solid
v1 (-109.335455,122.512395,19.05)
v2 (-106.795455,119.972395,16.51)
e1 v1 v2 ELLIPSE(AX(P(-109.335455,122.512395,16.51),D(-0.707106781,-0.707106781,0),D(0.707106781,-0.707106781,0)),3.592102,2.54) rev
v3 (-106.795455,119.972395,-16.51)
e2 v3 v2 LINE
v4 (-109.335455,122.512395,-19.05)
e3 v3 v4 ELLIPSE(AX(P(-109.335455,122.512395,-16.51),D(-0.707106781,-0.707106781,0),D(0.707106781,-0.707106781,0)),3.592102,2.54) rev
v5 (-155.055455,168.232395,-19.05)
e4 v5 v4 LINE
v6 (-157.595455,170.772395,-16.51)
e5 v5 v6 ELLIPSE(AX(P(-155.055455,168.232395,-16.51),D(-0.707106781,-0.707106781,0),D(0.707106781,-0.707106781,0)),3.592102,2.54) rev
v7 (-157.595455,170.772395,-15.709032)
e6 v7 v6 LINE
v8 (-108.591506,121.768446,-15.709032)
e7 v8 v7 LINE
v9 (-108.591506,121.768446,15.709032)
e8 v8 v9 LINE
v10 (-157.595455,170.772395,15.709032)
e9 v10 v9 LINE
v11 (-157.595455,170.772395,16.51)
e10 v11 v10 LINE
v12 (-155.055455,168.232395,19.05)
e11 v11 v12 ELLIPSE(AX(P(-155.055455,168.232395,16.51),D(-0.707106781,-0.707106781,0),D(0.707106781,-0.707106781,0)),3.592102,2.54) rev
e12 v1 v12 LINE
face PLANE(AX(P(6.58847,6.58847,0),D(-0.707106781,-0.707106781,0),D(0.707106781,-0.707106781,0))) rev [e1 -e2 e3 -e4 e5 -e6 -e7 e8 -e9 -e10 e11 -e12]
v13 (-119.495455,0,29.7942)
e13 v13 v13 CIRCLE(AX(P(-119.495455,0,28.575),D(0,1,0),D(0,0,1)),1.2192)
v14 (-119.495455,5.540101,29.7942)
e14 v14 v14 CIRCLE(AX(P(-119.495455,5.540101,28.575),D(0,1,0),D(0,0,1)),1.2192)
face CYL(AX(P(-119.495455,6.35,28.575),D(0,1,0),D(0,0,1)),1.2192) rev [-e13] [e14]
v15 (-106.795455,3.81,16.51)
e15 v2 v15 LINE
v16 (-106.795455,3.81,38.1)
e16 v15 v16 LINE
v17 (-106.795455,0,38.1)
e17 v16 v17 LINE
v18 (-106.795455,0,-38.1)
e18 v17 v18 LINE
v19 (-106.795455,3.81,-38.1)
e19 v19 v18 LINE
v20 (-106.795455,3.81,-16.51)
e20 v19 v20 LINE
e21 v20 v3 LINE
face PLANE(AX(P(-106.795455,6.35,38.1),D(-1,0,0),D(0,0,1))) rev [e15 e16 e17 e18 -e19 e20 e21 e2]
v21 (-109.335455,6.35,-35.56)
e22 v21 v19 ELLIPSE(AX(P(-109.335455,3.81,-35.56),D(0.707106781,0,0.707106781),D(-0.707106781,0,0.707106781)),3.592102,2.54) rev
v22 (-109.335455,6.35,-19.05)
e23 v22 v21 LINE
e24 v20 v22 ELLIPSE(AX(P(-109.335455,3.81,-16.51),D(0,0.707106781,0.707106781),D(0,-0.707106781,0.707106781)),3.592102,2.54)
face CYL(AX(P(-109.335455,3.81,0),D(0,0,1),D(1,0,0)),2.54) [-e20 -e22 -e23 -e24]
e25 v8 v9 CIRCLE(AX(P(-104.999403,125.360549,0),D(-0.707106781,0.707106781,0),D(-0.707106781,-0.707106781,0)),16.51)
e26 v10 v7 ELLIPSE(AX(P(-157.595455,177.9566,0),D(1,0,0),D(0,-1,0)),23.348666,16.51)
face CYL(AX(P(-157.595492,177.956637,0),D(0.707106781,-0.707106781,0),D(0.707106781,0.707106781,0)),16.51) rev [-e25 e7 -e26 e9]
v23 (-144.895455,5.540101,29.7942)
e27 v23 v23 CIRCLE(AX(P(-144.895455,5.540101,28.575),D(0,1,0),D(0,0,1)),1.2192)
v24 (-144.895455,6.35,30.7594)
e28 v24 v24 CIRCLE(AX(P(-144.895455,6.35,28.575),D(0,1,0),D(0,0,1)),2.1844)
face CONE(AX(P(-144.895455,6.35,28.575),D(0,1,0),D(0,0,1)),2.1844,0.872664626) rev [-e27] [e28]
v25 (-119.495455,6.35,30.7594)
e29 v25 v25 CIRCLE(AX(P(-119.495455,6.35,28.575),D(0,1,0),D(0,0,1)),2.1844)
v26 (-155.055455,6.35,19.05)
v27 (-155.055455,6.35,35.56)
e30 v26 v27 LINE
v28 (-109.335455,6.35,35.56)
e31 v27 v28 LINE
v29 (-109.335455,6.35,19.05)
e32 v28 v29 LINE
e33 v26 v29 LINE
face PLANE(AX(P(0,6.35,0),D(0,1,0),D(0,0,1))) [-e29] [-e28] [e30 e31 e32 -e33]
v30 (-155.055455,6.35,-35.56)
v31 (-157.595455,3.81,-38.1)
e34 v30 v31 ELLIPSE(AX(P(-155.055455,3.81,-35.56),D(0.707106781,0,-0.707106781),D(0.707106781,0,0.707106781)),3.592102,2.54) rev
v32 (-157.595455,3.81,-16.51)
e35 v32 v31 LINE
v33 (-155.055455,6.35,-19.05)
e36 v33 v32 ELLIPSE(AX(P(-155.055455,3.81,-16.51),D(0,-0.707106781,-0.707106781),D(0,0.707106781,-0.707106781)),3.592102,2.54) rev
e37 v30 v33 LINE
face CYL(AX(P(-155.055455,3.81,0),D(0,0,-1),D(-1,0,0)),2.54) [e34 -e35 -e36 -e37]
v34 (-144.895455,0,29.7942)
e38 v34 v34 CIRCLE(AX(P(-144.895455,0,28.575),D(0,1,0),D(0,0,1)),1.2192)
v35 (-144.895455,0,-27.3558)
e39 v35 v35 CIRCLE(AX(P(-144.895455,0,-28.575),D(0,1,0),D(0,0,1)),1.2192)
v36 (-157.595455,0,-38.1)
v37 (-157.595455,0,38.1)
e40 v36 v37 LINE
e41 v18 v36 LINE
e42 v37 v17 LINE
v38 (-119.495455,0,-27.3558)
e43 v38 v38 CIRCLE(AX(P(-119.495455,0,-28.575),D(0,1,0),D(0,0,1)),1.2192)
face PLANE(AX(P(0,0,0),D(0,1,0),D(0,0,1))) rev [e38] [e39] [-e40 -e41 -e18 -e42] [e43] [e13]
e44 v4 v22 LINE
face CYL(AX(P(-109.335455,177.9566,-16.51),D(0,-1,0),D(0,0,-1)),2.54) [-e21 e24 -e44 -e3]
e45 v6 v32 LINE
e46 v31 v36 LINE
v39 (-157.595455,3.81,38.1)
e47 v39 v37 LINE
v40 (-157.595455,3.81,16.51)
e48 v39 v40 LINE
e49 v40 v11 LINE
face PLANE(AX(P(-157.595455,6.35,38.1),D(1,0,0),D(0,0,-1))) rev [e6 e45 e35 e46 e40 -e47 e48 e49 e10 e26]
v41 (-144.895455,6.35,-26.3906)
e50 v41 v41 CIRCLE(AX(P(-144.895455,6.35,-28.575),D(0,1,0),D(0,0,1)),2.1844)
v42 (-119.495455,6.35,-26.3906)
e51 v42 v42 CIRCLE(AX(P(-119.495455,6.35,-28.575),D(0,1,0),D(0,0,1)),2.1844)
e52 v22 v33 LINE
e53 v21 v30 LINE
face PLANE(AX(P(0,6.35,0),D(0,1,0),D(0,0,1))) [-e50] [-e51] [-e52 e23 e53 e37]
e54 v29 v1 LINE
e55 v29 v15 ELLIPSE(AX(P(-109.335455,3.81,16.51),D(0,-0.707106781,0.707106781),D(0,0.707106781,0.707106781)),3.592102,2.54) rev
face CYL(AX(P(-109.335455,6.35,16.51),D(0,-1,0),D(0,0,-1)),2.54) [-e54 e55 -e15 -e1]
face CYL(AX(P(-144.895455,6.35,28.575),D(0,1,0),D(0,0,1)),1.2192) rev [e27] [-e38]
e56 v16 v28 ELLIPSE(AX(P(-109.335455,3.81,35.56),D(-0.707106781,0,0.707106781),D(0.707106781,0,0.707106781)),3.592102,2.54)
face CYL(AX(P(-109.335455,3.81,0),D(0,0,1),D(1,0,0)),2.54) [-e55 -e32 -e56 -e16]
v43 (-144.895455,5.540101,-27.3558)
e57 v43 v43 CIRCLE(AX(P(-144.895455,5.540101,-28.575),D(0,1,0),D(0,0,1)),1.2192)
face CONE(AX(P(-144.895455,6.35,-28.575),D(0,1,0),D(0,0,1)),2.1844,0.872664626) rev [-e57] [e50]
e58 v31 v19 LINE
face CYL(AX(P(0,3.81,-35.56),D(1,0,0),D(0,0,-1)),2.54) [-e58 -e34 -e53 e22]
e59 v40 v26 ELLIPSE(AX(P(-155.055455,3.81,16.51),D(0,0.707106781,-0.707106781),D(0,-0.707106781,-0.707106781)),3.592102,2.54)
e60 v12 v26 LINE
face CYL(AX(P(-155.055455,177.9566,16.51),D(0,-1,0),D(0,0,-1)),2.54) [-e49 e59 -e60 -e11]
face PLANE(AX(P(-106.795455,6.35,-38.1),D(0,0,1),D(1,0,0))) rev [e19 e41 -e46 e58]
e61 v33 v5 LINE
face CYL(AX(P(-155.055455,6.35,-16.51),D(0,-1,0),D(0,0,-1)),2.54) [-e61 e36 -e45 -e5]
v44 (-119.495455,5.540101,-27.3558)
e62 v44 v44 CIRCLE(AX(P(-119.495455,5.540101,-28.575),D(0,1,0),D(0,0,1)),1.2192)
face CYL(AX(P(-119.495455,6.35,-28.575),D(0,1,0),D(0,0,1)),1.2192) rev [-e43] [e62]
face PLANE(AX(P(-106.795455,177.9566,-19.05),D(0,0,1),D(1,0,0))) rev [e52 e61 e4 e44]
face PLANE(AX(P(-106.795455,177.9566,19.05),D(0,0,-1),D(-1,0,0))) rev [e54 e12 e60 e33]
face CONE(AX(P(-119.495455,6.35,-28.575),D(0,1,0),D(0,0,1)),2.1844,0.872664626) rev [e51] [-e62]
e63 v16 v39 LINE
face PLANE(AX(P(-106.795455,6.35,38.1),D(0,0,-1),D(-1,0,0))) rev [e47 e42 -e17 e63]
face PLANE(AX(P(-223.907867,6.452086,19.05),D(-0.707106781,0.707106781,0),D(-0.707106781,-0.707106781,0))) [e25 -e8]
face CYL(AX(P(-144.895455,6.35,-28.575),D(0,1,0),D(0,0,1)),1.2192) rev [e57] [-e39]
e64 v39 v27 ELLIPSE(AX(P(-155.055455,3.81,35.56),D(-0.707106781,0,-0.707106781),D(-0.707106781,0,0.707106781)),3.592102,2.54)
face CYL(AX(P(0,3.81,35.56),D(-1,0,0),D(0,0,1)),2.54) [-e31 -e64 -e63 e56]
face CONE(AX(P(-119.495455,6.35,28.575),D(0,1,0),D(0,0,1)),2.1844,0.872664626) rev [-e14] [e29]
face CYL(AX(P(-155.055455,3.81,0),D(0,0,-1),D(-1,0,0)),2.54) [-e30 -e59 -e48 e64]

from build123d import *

# Parameters (mm, degrees)
SKETCH1_W                                         = 50.8
SKETCH1_H                                         = 76.2
BOSS_EXTRUDE1_DEPTH                               = 6.35
SKETCH2_W                                         = 50.8
SKETCH2_H                                         = 38.1
BOSS_EXTRUDE2_DEPTH                               = 171.6066
CUT_EXTRUDE1_DEPTH                                = 183.535025619
CUT_EXTRUDE1_DEPTH_BACK                           = 183.535025619
BOSS_EXTRUDE3_REACH                               = 237.296
SKETCH20_W                                        = 38.1
SKETCH20_H                                        = 2.54
BOSS_EXTRUDE4_REACH                               = 129.523
CSK_FOR_2_FLAT_HEAD_MACHINE_SCREW_100_D           = 2.4384
CSK_FOR_2_FLAT_HEAD_MACHINE_SCREW_100_CSINK_D     = 4.3688
CSK_FOR_2_FLAT_HEAD_MACHINE_SCREW_100_CSINK_ANGLE = 100
FILLET1_R                                         = 2.54
FILLET2_R                                         = 2.54


with BuildPart() as part:
    # Sketch1 → Boss-Extrude1 (new body)
    with BuildSketch(Plane(origin=(0, 0, 0), x_dir=(1, 0, 0), z_dir=(0, 1, 0))):
        with Locations((-132.195454545, 0)):
            Rectangle(SKETCH1_W, SKETCH1_H)
    extrude(amount=BOSS_EXTRUDE1_DEPTH)

    # Sketch2 → Boss-Extrude2 (add)
    with BuildSketch(Plane(origin=(0, 6.35, 0), x_dir=(1, 0, 0), z_dir=(0, 1, 0))):
        with Locations((-132.195454545, 0)):
            Rectangle(SKETCH2_W, SKETCH2_H)
    extrude(amount=BOSS_EXTRUDE2_DEPTH)

    # Sketch19 → Cut-Extrude1 (cut, two sides: drawn at the far end of the back side and taken through both)
    with BuildSketch(Plane(origin=(-167.776027273, 167.776027273, 0), x_dir=(-0.7071067811865488, -0.7071067811865462, 0), z_dir=(0.7071067811865462, -0.7071067811865488, 0)).offset(-CUT_EXTRUDE1_DEPTH_BACK)):
        with BuildLine():
            Line((-14.397504024, 16.51), (-14.397504024, -16.51))
            ThreePointArc((-14.397504024, -16.51), (2.112495976, 0), (-14.397504024, 16.51))
        make_face()
    extrude(amount=CUT_EXTRUDE1_DEPTH + CUT_EXTRUDE1_DEPTH_BACK, mode=Mode.SUBTRACT)

    # SurfaceCut1
    split(bisect_by=Plane(origin=(6.588470279, 6.588470279, 0), x_dir=(0, 0, 1), z_dir=(-0.7071067811865488, -0.7071067811865464, 0)), keep=Keep.TOP)

    # Sketch20 → Boss-Extrude3 (add, up to next)
    with BuildSketch(Plane(origin=(6.588470279, 6.588470279, 0), x_dir=(0, 0, -1), z_dir=(0.7071067811865487, 0.7071067811865465, 0)), mode=Mode.PRIVATE) as boss_extrude3_sk1:
        with Locations((0, 161.619084242)):
            Rectangle(SKETCH20_W, SKETCH20_H)
    boss_extrude3_tool1 = extrude(boss_extrude3_sk1.sketch, amount=-BOSS_EXTRUDE3_REACH, mode=Mode.PRIVATE) - part.part
    add(boss_extrude3_tool1.solids().sort_by_distance((-107.69348, 120.870421, 0))[0])

    # Boss-Extrude4: up to this face of the body (flat: up to its plane)
    boss_extrude4_end = Plane(part.part.faces().sort_by_distance((-106.795454545, 52.426789341, 0))[0])
    # Sketch22 → Boss-Extrude4 (add, up to the picked face)
    with BuildSketch(Plane(origin=(-113.383924824, 113.383924824, 0), x_dir=(0, 0, -1), z_dir=(0.7071067811865465, -0.7071067811865486, 0)), mode=Mode.PRIVATE) as boss_extrude4_sk1:
        with BuildLine():
            Line((-15.709032434, 9.317504024), (15.709032434, 9.317504024))
            ThreePointArc((15.709032434, 9.317504024), (0, -6.39152841), (-15.709032434, 9.317504024))
        make_face()
    boss_extrude4_tool1 = split(extrude(boss_extrude4_sk1.sketch, amount=BOSS_EXTRUDE4_REACH, mode=Mode.PRIVATE), bisect_by=boss_extrude4_end, keep=Keep.BOTH, mode=Mode.PRIVATE)
    add(boss_extrude4_tool1.solids().sort_by(Axis((-111.509821, 115.258029, 0), (0.7071067811865465, -0.7071067811865486, 0)))[0])

    # CSK for #2 Flat Head Machine Screw (100)1 (through all)
    with Locations(Plane(origin=(0, 6.35, 0), x_dir=(1, 0, 0), z_dir=(0, 1, 0))):
        with Locations((-144.895454545, -28.575), (-119.495454545, -28.575)):
            csk_for_2_flat_head_machine_screw_100 = CounterSinkHole(CSK_FOR_2_FLAT_HEAD_MACHINE_SCREW_100_D / 2, CSK_FOR_2_FLAT_HEAD_MACHINE_SCREW_100_CSINK_D / 2, counter_sink_angle=CSK_FOR_2_FLAT_HEAD_MACHINE_SCREW_100_CSINK_ANGLE)

    # Mirror1: CSK for #2 Flat Head Machine Screw (100)1 across plane
    add(csk_for_2_flat_head_machine_screw_100.mirror(Plane.XY), mode=Mode.SUBTRACT)

    # Fillet1
    fillet1_edges = [part.edges().sort_by_distance(p)[0] for p in [
        (-157.595454545, 88.561197552, 19.05),
        (-106.795454545, 63.161197552, 19.05),
        (-106.795454545, 63.161197552, -19.05),
        (-157.595454545, 88.561197552, -19.05),
    ]]
    fillet(fillet1_edges, radius=FILLET1_R)

    # Fillet2
    fillet2_edges = [part.edges().sort_by_distance(p)[0] for p in [
        (-157.595454545, 6.35, -27.305),
        (-132.195454545, 6.35, -38.1),
        (-106.795454545, 6.35, -27.305),
        (-157.595454545, 6.35, 27.305),
        (-132.195454545, 6.35, 38.1),
        (-106.795454545, 6.35, 27.305),
    ]]
    fillet(fillet2_edges, radius=FILLET2_R)


solid = part.part
